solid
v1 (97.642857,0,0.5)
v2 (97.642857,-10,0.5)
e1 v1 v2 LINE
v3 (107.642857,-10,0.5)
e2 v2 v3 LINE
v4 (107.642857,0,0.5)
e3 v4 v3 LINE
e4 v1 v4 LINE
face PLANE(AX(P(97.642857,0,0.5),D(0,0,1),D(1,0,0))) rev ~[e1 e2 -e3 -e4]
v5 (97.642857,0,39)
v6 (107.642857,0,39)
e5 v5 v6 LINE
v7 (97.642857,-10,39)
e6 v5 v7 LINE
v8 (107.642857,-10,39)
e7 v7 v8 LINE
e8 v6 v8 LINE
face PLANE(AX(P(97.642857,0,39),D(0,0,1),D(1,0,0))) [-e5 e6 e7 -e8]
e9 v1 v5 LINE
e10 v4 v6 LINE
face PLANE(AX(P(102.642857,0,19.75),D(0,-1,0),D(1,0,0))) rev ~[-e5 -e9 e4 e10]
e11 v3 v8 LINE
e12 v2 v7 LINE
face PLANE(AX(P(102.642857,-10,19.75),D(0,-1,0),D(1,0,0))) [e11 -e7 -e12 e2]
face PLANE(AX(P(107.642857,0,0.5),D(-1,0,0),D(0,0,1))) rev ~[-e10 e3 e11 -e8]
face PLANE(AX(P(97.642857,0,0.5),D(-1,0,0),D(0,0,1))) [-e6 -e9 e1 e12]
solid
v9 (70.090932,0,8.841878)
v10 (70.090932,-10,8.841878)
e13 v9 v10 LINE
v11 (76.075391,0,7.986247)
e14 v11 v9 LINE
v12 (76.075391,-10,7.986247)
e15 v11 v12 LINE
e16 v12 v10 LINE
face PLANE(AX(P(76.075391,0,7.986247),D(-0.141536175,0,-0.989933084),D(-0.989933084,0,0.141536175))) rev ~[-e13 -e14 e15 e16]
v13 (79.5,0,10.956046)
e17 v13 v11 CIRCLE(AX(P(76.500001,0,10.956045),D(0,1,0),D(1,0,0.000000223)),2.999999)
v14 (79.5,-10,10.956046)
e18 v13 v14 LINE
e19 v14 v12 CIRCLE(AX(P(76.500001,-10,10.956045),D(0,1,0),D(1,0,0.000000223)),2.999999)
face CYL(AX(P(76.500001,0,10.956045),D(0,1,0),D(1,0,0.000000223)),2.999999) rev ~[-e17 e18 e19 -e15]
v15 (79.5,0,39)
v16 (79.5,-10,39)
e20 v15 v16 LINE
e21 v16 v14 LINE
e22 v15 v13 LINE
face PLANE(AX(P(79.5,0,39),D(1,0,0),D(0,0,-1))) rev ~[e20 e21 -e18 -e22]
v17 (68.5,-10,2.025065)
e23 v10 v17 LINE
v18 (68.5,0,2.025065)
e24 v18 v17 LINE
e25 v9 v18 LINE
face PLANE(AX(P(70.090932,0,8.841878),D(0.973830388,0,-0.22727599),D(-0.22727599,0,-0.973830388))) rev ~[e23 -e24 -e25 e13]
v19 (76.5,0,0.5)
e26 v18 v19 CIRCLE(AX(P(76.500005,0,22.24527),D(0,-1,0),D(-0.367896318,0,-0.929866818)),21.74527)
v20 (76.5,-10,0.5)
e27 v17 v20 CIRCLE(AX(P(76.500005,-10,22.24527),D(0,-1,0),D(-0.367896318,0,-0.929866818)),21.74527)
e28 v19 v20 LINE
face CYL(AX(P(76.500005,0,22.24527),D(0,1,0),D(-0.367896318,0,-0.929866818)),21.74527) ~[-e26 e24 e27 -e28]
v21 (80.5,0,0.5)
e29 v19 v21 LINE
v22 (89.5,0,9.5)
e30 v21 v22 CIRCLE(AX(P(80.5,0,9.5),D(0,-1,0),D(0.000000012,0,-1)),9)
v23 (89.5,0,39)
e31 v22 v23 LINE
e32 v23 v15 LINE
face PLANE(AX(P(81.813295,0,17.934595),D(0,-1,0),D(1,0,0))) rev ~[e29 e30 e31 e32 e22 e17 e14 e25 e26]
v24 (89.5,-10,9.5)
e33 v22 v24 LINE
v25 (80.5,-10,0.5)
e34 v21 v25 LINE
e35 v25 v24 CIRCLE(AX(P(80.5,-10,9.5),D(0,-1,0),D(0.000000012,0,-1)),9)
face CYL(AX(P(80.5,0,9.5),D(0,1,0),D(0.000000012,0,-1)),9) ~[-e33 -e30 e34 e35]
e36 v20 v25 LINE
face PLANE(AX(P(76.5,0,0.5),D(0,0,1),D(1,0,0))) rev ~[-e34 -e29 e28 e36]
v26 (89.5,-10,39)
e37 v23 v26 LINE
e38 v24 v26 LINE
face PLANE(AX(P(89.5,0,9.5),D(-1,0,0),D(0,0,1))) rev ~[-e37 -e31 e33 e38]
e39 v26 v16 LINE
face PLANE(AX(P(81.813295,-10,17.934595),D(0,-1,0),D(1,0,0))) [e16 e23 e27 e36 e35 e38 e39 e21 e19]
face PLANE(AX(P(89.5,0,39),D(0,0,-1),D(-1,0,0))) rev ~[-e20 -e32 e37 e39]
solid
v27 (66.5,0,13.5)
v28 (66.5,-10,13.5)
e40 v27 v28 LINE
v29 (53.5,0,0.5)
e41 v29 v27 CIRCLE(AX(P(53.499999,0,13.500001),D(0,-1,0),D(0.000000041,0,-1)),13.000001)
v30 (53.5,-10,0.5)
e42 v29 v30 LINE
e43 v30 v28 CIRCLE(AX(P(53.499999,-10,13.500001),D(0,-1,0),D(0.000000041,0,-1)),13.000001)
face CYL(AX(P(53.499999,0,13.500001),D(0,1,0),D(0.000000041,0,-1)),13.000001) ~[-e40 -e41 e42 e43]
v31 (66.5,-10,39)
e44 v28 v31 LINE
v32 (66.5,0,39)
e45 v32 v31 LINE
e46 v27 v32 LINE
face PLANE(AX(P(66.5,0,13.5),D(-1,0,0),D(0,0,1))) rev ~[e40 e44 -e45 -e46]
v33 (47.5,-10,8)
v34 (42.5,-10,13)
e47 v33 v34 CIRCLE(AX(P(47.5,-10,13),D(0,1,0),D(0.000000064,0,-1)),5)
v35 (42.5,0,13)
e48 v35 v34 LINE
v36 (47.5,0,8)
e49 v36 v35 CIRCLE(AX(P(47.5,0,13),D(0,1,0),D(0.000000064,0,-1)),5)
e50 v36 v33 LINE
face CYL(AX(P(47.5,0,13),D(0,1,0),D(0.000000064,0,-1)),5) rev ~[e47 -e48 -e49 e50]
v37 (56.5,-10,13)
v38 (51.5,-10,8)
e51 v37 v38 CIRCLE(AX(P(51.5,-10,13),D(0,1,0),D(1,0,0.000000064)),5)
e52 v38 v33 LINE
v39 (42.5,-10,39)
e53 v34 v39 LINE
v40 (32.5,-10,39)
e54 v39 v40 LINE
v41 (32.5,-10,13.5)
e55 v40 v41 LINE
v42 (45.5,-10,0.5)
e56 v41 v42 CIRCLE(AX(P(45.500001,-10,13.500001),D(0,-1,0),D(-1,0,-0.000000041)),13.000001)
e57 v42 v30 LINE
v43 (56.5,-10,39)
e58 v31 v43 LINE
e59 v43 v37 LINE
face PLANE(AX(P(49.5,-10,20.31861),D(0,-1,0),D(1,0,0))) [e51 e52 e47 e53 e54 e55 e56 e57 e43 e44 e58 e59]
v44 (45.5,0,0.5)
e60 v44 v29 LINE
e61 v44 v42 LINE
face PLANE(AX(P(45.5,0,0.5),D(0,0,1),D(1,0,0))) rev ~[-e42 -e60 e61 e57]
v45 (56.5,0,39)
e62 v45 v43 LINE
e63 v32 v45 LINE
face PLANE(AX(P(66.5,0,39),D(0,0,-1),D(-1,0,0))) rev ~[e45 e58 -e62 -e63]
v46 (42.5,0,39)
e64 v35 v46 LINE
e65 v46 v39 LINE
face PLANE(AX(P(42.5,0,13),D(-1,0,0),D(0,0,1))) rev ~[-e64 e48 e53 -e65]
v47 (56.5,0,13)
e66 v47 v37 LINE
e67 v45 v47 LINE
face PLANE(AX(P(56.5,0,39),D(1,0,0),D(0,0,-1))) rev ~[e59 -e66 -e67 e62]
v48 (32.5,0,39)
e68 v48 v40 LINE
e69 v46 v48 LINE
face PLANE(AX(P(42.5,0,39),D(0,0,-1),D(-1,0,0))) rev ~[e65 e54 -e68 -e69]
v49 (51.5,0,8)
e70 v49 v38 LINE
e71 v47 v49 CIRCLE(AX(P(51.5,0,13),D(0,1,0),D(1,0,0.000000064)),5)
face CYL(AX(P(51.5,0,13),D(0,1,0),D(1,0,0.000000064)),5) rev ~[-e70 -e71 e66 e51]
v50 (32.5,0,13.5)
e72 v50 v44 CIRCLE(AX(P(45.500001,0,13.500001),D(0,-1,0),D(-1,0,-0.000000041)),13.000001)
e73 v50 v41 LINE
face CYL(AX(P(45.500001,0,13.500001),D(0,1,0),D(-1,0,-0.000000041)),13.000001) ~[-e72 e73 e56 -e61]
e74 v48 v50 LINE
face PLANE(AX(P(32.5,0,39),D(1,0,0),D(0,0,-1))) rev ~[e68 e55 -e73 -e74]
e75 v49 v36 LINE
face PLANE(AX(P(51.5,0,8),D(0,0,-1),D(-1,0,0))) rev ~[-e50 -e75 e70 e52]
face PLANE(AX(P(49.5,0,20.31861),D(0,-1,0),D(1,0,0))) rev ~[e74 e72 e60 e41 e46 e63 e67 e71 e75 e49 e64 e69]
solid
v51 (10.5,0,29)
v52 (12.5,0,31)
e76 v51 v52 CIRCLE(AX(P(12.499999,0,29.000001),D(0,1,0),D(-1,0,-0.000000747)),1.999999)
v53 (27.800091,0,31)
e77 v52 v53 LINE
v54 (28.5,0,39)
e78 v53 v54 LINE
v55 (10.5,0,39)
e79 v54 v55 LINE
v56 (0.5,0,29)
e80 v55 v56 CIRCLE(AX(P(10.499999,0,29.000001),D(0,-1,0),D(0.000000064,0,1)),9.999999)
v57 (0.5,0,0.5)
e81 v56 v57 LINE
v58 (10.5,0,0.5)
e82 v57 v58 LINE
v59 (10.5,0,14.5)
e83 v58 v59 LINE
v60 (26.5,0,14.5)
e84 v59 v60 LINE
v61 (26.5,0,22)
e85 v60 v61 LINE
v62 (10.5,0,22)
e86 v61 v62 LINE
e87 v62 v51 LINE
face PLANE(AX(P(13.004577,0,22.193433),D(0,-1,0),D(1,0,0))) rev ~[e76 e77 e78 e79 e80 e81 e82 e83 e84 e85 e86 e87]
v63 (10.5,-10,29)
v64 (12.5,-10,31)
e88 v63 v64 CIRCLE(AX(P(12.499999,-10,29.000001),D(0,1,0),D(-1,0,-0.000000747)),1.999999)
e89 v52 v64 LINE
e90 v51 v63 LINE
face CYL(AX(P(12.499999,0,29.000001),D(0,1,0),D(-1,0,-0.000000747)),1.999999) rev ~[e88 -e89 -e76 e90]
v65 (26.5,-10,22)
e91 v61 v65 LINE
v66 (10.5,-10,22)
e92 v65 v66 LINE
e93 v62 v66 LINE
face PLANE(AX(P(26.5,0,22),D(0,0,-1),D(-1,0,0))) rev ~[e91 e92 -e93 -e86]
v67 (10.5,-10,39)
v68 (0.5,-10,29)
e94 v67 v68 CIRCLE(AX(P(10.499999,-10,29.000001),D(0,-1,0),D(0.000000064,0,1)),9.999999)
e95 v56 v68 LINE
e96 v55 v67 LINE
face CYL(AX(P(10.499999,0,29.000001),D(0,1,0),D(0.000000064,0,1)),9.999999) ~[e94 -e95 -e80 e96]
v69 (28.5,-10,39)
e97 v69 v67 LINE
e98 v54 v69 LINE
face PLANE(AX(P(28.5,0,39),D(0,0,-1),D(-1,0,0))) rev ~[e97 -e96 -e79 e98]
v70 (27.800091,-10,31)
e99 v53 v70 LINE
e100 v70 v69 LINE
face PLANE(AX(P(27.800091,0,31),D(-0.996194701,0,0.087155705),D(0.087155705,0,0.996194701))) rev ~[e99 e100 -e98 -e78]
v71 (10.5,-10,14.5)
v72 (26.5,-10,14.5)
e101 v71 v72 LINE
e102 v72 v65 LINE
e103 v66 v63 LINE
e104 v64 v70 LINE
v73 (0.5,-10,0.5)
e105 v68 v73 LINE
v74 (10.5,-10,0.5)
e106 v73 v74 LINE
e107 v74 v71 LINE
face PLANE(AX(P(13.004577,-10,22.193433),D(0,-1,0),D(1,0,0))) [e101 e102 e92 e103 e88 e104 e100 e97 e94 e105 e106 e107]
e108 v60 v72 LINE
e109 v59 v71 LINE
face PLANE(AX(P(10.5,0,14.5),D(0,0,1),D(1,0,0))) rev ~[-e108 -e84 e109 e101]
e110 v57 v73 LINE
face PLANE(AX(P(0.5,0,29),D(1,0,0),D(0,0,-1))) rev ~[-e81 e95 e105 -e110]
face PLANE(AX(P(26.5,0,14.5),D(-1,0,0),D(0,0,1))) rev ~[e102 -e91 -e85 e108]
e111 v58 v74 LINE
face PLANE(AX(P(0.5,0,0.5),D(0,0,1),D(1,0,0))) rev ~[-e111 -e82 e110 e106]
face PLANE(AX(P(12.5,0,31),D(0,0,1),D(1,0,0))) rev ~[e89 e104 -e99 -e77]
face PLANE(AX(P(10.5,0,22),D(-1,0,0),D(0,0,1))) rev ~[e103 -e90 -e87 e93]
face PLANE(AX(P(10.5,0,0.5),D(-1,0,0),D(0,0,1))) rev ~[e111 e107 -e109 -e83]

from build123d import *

# Parameters (mm, degrees)
F0_W     = 10
F0_H     = 38.5
F1_DEPTH = 10


with BuildPart() as f1:
    # F0 (on Front) → F1 (new body)
    with BuildSketch(Plane.XZ):
        with BuildLine():
            Line((27.800091, 31), (28.5, 39))
            Line((28.5, 39), (10.5, 39))
            ThreePointArc((10.5, 39), (3.428932, 36.071068), (0.5, 29))
            Line((0.5, 29), (0.5, 0.5))
            Line((0.5, 0.5), (10.5, 0.5))
            Line((10.5, 0.5), (10.5, 14.5))
            Line((10.5, 14.5), (26.5, 14.5))
            Line((26.5, 14.5), (26.5, 22))
            Line((26.5, 22), (10.5, 22))
            Line((10.5, 22), (10.5, 29))
            ThreePointArc((10.5, 29), (11.085786, 30.414214), (12.5, 31))
            Line((12.5, 31), (27.800091, 31))
        make_face()
        with BuildLine():
            Line((51.5, 8), (47.5, 8))
            ThreePointArc((47.5, 8), (43.964466, 9.464466), (42.5, 13))
            Line((42.5, 13), (42.5, 39))
            Line((42.5, 39), (32.5, 39))
            Line((32.5, 39), (32.5, 13.5))
            ThreePointArc((32.5, 13.5), (36.307612, 4.307612), (45.5, 0.5))
            Line((45.5, 0.5), (53.5, 0.5))
            ThreePointArc((53.5, 0.5), (62.692388, 4.307612), (66.5, 13.5))
            Line((66.5, 13.5), (66.5, 39))
            Line((66.5, 39), (56.5, 39))
            Line((56.5, 39), (56.5, 13))
            ThreePointArc((56.5, 13), (55.035534, 9.464466), (51.5, 8))
        make_face()
        with BuildLine():
            Line((89.5, 39), (79.5, 39))
            Line((79.5, 39), (79.5, 10.956046))
            ThreePointArc((79.5, 10.956046), (78.465474, 8.68957), (76.075391, 7.986247))
            Line((76.075391, 7.986247), (70.090932, 8.841878))
            Line((70.090932, 8.841878), (68.5, 2.025065))
            ThreePointArc((68.5, 2.025065), (72.427967, 0.884669), (76.5, 0.5))
            Line((76.5, 0.5), (80.5, 0.5))
            ThreePointArc((80.5, 0.5), (86.863961, 3.136039), (89.5, 9.5))
            Line((89.5, 9.5), (89.5, 39))
        make_face()
        with Locations((102.642857, 19.75)):
            Rectangle(F0_W, F0_H)
    extrude(amount=F1_DEPTH)


solid = f1.part
